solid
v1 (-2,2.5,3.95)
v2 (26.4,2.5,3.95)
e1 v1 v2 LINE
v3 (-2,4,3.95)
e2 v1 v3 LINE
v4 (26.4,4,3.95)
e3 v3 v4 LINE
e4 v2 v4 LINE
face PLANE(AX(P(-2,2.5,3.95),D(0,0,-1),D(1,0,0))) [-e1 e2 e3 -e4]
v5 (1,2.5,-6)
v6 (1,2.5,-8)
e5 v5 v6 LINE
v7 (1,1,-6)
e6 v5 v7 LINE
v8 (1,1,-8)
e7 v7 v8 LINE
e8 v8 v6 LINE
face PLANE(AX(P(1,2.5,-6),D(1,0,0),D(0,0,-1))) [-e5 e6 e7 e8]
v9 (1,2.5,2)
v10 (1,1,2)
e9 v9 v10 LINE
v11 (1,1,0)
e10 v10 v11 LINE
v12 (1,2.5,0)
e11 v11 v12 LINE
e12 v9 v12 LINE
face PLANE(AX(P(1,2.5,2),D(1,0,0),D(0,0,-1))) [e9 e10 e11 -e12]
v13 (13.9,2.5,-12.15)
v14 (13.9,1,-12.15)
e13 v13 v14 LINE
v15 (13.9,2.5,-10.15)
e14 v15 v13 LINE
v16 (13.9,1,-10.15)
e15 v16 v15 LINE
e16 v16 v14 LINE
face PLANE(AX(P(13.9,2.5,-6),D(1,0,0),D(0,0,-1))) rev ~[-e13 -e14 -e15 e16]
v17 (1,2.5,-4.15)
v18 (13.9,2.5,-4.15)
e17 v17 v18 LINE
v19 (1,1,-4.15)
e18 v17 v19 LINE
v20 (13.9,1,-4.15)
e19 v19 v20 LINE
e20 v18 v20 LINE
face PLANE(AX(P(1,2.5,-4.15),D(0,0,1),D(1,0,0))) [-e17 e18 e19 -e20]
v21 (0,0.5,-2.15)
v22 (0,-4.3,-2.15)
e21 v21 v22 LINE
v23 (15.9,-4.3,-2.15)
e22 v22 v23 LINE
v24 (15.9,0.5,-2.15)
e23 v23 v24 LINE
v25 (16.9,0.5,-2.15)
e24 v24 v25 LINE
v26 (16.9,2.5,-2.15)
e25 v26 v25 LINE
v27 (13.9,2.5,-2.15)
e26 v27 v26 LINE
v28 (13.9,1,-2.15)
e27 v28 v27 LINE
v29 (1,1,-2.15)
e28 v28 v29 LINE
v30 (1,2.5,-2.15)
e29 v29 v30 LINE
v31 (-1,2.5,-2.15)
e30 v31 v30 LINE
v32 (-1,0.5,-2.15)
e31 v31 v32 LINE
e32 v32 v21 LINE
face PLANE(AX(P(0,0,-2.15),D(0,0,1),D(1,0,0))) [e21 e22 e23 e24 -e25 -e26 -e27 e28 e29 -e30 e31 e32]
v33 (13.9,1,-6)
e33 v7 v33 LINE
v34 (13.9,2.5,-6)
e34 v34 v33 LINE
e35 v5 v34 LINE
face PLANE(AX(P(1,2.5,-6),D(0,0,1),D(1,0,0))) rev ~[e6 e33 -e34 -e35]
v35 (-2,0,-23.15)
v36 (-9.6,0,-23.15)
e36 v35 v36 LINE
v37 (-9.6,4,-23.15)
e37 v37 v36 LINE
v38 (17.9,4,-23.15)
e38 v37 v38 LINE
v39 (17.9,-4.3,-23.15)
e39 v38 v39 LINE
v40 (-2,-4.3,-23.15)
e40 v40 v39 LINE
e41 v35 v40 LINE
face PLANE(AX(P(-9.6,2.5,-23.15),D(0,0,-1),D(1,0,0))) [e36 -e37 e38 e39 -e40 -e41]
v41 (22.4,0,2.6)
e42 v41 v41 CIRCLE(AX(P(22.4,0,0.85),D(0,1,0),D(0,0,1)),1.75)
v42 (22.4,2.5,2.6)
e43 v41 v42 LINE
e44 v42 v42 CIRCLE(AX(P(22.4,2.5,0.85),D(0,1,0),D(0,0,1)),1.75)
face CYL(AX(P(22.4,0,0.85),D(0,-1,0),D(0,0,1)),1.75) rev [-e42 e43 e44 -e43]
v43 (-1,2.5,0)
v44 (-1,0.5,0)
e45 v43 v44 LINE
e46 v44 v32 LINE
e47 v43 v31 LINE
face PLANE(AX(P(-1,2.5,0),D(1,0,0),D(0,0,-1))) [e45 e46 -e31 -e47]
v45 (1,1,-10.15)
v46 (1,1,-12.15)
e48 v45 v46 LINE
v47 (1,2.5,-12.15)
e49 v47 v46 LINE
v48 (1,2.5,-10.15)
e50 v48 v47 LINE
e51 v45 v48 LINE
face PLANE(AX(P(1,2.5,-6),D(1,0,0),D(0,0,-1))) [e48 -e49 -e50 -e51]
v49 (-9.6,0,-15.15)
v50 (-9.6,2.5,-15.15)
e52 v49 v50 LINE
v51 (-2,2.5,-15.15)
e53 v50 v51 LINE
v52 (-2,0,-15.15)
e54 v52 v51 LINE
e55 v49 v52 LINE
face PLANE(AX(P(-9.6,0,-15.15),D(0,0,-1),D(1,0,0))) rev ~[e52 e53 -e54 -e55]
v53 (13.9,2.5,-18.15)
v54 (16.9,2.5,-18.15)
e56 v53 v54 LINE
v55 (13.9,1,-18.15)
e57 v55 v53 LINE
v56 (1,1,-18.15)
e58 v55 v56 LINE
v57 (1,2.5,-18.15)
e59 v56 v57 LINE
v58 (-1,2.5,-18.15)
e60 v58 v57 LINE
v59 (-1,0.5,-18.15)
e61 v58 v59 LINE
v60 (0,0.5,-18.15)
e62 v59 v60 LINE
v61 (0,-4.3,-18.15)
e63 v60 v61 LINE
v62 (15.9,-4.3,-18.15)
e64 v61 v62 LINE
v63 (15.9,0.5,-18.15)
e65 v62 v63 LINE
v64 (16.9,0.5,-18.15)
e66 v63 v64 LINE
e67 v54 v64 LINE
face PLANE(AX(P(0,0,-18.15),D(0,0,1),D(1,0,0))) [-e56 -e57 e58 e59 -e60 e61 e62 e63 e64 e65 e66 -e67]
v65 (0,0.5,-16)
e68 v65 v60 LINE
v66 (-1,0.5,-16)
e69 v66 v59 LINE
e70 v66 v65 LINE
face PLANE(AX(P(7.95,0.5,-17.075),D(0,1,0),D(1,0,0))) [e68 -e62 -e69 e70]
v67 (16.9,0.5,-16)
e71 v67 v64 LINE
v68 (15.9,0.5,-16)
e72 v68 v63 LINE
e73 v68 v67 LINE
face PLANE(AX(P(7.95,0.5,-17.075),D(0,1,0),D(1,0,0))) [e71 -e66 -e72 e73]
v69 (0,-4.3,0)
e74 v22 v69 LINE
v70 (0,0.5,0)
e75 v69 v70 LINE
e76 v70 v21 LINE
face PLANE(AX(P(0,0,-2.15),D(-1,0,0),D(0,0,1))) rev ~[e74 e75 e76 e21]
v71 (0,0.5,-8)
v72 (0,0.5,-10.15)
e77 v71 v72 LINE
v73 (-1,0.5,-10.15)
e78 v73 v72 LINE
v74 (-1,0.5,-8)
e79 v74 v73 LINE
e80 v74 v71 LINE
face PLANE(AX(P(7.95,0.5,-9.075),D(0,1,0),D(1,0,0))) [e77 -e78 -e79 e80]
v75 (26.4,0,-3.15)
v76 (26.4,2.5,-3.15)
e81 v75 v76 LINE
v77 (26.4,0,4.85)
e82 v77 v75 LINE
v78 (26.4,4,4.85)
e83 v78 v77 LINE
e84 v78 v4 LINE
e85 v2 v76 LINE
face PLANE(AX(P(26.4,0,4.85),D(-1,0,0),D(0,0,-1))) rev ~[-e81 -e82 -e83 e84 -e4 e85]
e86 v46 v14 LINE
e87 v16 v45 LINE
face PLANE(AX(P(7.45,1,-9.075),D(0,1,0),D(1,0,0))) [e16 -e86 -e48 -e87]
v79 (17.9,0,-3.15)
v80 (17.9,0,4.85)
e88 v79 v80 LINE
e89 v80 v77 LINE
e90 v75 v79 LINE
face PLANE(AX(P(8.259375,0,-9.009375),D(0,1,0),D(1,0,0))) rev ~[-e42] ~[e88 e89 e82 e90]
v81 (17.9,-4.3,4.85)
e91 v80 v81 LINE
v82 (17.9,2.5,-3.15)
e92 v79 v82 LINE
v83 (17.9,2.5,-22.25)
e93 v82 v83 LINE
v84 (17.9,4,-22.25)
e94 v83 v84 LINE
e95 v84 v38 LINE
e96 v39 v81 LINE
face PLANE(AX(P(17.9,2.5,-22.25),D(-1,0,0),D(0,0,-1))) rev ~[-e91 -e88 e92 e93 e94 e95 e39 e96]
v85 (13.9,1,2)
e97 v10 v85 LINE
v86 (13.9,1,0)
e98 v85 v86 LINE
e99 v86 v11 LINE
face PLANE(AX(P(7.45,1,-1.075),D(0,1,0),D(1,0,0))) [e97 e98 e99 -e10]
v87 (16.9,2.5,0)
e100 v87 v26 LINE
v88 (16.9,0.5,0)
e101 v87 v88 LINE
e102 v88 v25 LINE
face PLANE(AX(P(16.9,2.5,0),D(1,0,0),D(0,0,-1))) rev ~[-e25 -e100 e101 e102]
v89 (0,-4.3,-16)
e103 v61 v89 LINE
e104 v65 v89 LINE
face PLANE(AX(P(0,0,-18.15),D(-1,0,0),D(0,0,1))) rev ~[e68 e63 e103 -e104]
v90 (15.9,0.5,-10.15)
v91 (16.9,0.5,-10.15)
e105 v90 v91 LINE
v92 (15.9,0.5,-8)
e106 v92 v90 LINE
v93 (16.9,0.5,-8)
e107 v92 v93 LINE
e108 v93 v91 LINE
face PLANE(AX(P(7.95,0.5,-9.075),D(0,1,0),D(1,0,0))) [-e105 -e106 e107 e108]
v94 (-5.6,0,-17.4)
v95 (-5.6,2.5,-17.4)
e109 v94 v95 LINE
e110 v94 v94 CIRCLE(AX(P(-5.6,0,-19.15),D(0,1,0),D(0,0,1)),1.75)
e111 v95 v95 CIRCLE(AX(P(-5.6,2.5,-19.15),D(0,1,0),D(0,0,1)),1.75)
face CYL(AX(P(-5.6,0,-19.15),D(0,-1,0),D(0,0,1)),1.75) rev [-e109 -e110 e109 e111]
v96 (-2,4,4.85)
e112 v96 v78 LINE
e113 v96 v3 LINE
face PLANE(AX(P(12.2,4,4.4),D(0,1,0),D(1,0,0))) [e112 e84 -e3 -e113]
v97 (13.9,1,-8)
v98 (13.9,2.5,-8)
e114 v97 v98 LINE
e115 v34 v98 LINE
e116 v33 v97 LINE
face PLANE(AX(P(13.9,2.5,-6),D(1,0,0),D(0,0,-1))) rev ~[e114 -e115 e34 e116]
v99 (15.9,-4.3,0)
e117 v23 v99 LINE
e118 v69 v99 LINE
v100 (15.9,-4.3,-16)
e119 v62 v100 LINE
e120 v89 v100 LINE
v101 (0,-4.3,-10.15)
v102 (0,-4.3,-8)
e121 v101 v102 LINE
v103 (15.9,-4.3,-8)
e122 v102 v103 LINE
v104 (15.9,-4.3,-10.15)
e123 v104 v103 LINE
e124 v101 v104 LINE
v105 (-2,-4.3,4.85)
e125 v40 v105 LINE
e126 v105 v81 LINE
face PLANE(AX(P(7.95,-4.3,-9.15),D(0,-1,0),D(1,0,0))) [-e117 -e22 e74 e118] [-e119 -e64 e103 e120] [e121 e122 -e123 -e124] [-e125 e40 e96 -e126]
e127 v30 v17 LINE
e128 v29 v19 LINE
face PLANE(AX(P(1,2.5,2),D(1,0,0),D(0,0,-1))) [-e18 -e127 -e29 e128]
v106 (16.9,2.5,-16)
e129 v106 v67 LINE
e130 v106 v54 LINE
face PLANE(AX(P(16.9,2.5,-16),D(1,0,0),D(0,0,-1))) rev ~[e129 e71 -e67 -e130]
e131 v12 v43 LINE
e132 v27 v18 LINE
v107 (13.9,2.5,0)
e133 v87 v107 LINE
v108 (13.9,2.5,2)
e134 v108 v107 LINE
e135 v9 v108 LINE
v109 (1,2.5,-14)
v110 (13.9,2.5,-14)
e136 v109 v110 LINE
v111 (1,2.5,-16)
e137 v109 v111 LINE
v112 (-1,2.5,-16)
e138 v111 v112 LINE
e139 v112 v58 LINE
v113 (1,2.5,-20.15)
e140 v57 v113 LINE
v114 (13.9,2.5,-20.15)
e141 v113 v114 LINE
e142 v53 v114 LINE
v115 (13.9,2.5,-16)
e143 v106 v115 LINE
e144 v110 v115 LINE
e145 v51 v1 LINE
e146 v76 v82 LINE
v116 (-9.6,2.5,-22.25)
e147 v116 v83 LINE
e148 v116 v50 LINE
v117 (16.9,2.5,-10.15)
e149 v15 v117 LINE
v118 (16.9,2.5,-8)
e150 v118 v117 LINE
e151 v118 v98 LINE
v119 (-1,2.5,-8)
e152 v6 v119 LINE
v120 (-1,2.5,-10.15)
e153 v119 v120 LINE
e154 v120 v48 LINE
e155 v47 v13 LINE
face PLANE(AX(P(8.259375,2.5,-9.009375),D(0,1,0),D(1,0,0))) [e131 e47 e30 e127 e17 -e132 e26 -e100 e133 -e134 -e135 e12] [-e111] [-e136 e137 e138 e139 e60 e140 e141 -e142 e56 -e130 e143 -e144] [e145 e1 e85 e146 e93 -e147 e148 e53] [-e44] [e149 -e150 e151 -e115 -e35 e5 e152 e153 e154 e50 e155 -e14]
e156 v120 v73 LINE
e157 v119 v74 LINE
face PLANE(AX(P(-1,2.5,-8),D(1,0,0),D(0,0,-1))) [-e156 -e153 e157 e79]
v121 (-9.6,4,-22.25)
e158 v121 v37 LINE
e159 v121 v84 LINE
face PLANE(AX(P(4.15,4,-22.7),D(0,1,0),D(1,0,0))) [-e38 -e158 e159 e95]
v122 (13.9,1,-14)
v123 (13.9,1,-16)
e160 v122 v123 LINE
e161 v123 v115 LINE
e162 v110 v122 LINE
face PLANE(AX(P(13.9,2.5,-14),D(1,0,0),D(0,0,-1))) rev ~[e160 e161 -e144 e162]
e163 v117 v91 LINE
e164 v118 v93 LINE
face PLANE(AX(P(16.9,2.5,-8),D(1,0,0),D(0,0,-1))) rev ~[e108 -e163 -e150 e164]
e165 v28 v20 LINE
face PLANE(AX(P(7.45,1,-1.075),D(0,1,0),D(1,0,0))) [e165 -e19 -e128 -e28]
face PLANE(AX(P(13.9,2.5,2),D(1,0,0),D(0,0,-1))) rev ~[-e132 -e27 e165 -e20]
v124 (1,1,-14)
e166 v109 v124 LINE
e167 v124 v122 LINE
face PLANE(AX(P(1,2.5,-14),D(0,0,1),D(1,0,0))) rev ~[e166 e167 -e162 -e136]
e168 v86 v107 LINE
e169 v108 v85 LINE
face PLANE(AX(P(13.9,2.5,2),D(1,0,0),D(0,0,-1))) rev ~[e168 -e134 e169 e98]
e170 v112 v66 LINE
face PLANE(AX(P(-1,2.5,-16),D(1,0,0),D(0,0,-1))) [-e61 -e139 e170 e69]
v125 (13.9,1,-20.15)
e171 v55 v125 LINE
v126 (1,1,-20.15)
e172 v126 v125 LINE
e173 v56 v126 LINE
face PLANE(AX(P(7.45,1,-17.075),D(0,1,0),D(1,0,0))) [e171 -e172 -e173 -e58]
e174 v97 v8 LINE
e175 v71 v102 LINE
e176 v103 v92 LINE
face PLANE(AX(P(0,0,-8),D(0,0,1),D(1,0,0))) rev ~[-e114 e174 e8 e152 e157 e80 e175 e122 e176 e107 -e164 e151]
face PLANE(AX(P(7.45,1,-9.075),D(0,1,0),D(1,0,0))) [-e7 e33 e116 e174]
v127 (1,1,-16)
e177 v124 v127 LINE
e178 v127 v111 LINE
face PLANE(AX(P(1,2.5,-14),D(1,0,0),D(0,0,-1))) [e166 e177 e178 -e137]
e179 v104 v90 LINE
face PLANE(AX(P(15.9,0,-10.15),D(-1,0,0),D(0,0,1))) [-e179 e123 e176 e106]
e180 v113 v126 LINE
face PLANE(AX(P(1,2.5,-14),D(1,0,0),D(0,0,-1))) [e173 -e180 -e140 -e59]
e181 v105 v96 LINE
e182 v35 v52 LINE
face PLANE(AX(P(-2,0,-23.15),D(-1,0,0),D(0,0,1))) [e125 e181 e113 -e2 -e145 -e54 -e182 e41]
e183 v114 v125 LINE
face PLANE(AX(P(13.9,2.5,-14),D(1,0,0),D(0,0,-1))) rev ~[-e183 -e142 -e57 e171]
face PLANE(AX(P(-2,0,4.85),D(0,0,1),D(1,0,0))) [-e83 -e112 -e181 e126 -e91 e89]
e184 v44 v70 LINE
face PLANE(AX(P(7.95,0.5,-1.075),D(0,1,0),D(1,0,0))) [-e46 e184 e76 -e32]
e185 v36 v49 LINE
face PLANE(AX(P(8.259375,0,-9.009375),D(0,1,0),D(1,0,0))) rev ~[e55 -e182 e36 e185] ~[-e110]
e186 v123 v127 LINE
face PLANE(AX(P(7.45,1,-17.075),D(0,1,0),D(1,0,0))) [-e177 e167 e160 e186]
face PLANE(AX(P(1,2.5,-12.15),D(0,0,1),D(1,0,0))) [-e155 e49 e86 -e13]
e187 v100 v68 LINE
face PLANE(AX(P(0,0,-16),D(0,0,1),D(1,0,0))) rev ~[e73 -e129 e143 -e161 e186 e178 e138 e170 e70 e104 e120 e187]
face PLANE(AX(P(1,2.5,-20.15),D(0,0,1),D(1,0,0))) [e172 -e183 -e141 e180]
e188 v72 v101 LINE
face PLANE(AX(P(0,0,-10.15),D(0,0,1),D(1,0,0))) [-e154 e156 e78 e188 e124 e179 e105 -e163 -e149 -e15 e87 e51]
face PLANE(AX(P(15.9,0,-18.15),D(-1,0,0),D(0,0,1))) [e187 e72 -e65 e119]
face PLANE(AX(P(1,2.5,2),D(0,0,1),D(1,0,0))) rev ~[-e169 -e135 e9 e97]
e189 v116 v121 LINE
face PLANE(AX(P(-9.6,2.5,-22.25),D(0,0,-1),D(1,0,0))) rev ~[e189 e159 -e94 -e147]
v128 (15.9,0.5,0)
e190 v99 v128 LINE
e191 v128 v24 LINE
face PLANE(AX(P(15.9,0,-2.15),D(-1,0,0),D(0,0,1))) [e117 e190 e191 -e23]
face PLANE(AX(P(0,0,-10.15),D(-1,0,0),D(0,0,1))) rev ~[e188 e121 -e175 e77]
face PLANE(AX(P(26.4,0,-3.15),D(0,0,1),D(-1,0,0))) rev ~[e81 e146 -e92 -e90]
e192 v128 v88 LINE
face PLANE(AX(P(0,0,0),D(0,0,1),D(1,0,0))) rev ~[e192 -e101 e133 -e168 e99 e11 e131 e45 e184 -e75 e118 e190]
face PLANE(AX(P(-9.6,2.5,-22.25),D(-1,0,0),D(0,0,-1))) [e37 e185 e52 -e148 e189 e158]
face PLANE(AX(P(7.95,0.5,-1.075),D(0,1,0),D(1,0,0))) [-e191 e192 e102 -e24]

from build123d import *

# Parameters (mm, degrees)
SKETCH1_W           = 15.9
SKETCH1_H           = 2.15
SKETCH1_R           = 1.75
BASE_DEPTH          = 2.5
SKETCH3_W           = 17.9
SKETCH3_H           = 2.15
CUT_EXTRUDE1_DEPTH  = 2
SKETCH4_W           = 19.9
SKETCH4_H           = 28
SKETCH4_W_2         = 15.9
SKETCH4_H_2         = 2.15
BOSS_EXTRUDE1_DEPTH = 4.3
SKETCH5_W           = 12.9
SKETCH5_H           = 6.15
CUT_EXTRUDE2_DEPTH  = 1.5
SKETCH6_W           = 27.5
SKETCH6_H           = 0.9
BOSS_EXTRUDE2_DEPTH = 1.5
SKETCH6_3_W         = 27.5
SKETCH6_3_H         = 0.9
SKETCH6_3_W_2       = 28.4
BOSS_EXTRUDE3_DEPTH = 1.5


with BuildPart() as part:
    # Sketch1 → Base (new body)
    with BuildSketch(Plane(origin=(0, 0, 0), x_dir=(1, 0, 0), z_dir=(0, 1, 0))):
        Polygon((-9.6, 15.15), (-2, 15.15), (-2, -4.85), (26.4, -4.85), (26.4, 3.15), (17.9, 3.15), (17.9, 23.15), (-9.6, 23.15), align=None)
        with Locations((7.95, 1.075)):
            Rectangle(SKETCH1_W, SKETCH1_H, mode=Mode.SUBTRACT)
        with Locations((7.95, 9.075)):
            Rectangle(SKETCH1_W, SKETCH1_H, mode=Mode.SUBTRACT)
        with Locations((22.4, -0.85)):
            Circle(SKETCH1_R, mode=Mode.SUBTRACT)
        with Locations((-5.6, 19.15)):
            Circle(SKETCH1_R, mode=Mode.SUBTRACT)
        with Locations((7.95, 17.075)):
            Rectangle(SKETCH1_W, SKETCH1_H, mode=Mode.SUBTRACT)
    extrude(amount=BASE_DEPTH)

    # Sketch3 → Cut-Extrude1 (cut)
    with BuildSketch(Plane(origin=(0, 2.5, 0), x_dir=(1, 0, 0), z_dir=(0, 1, 0))):
        with Locations((7.95, 17.075)):
            Rectangle(SKETCH3_W, SKETCH3_H)
        with Locations((7.95, 9.075)):
            Rectangle(SKETCH3_W, SKETCH3_H)
        with Locations((7.95, 1.075)):
            Rectangle(SKETCH3_W, SKETCH3_H)
    extrude(amount=-CUT_EXTRUDE1_DEPTH, mode=Mode.SUBTRACT)

    # Sketch4 → Boss-Extrude1 (add)
    with BuildSketch(Plane.XZ):
        with Locations((7.95, -9.15)):
            Rectangle(SKETCH4_W, SKETCH4_H)
        with Locations((7.95, -17.075)):
            Rectangle(SKETCH4_W_2, SKETCH4_H_2, mode=Mode.SUBTRACT)
        with Locations((7.95, -9.075)):
            Rectangle(SKETCH4_W_2, SKETCH4_H_2, mode=Mode.SUBTRACT)
        with Locations((7.95, -1.075)):
            Rectangle(SKETCH4_W_2, SKETCH4_H_2, mode=Mode.SUBTRACT)
    extrude(amount=BOSS_EXTRUDE1_DEPTH)

    # Sketch5 → Cut-Extrude2 (cut)
    with BuildSketch(Plane(origin=(0, 2.5, 0), x_dir=(1, 0, 0), z_dir=(0, 1, 0))):
        with Locations((7.45, 17.075)):
            Rectangle(SKETCH5_W, SKETCH5_H)
        with Locations((7.45, 9.075)):
            Rectangle(SKETCH5_W, SKETCH5_H)
        with Locations((7.45, 1.075)):
            Rectangle(SKETCH5_W, SKETCH5_H)
    extrude(amount=-CUT_EXTRUDE2_DEPTH, mode=Mode.SUBTRACT)

    # Sketch6 → Boss-Extrude2 (add)
    with BuildSketch(Plane(origin=(0, 2.5, 0), x_dir=(1, 0, 0), z_dir=(0, 1, 0))):
        with Locations((4.15, 22.7)):
            Rectangle(SKETCH6_W, SKETCH6_H)
    extrude(amount=BOSS_EXTRUDE2_DEPTH)

    # Sketch6<3> → Boss-Extrude3 (add)
    with BuildSketch(Plane(origin=(0, 2.5, 0), x_dir=(1, 0, 0), z_dir=(0, 1, 0))):
        with Locations((4.15, 22.7)):
            Rectangle(SKETCH6_3_W, SKETCH6_3_H)
        with Locations((12.2, -4.4)):
            Rectangle(SKETCH6_3_W_2, SKETCH6_3_H)
    extrude(amount=BOSS_EXTRUDE3_DEPTH)


solid = part.part
